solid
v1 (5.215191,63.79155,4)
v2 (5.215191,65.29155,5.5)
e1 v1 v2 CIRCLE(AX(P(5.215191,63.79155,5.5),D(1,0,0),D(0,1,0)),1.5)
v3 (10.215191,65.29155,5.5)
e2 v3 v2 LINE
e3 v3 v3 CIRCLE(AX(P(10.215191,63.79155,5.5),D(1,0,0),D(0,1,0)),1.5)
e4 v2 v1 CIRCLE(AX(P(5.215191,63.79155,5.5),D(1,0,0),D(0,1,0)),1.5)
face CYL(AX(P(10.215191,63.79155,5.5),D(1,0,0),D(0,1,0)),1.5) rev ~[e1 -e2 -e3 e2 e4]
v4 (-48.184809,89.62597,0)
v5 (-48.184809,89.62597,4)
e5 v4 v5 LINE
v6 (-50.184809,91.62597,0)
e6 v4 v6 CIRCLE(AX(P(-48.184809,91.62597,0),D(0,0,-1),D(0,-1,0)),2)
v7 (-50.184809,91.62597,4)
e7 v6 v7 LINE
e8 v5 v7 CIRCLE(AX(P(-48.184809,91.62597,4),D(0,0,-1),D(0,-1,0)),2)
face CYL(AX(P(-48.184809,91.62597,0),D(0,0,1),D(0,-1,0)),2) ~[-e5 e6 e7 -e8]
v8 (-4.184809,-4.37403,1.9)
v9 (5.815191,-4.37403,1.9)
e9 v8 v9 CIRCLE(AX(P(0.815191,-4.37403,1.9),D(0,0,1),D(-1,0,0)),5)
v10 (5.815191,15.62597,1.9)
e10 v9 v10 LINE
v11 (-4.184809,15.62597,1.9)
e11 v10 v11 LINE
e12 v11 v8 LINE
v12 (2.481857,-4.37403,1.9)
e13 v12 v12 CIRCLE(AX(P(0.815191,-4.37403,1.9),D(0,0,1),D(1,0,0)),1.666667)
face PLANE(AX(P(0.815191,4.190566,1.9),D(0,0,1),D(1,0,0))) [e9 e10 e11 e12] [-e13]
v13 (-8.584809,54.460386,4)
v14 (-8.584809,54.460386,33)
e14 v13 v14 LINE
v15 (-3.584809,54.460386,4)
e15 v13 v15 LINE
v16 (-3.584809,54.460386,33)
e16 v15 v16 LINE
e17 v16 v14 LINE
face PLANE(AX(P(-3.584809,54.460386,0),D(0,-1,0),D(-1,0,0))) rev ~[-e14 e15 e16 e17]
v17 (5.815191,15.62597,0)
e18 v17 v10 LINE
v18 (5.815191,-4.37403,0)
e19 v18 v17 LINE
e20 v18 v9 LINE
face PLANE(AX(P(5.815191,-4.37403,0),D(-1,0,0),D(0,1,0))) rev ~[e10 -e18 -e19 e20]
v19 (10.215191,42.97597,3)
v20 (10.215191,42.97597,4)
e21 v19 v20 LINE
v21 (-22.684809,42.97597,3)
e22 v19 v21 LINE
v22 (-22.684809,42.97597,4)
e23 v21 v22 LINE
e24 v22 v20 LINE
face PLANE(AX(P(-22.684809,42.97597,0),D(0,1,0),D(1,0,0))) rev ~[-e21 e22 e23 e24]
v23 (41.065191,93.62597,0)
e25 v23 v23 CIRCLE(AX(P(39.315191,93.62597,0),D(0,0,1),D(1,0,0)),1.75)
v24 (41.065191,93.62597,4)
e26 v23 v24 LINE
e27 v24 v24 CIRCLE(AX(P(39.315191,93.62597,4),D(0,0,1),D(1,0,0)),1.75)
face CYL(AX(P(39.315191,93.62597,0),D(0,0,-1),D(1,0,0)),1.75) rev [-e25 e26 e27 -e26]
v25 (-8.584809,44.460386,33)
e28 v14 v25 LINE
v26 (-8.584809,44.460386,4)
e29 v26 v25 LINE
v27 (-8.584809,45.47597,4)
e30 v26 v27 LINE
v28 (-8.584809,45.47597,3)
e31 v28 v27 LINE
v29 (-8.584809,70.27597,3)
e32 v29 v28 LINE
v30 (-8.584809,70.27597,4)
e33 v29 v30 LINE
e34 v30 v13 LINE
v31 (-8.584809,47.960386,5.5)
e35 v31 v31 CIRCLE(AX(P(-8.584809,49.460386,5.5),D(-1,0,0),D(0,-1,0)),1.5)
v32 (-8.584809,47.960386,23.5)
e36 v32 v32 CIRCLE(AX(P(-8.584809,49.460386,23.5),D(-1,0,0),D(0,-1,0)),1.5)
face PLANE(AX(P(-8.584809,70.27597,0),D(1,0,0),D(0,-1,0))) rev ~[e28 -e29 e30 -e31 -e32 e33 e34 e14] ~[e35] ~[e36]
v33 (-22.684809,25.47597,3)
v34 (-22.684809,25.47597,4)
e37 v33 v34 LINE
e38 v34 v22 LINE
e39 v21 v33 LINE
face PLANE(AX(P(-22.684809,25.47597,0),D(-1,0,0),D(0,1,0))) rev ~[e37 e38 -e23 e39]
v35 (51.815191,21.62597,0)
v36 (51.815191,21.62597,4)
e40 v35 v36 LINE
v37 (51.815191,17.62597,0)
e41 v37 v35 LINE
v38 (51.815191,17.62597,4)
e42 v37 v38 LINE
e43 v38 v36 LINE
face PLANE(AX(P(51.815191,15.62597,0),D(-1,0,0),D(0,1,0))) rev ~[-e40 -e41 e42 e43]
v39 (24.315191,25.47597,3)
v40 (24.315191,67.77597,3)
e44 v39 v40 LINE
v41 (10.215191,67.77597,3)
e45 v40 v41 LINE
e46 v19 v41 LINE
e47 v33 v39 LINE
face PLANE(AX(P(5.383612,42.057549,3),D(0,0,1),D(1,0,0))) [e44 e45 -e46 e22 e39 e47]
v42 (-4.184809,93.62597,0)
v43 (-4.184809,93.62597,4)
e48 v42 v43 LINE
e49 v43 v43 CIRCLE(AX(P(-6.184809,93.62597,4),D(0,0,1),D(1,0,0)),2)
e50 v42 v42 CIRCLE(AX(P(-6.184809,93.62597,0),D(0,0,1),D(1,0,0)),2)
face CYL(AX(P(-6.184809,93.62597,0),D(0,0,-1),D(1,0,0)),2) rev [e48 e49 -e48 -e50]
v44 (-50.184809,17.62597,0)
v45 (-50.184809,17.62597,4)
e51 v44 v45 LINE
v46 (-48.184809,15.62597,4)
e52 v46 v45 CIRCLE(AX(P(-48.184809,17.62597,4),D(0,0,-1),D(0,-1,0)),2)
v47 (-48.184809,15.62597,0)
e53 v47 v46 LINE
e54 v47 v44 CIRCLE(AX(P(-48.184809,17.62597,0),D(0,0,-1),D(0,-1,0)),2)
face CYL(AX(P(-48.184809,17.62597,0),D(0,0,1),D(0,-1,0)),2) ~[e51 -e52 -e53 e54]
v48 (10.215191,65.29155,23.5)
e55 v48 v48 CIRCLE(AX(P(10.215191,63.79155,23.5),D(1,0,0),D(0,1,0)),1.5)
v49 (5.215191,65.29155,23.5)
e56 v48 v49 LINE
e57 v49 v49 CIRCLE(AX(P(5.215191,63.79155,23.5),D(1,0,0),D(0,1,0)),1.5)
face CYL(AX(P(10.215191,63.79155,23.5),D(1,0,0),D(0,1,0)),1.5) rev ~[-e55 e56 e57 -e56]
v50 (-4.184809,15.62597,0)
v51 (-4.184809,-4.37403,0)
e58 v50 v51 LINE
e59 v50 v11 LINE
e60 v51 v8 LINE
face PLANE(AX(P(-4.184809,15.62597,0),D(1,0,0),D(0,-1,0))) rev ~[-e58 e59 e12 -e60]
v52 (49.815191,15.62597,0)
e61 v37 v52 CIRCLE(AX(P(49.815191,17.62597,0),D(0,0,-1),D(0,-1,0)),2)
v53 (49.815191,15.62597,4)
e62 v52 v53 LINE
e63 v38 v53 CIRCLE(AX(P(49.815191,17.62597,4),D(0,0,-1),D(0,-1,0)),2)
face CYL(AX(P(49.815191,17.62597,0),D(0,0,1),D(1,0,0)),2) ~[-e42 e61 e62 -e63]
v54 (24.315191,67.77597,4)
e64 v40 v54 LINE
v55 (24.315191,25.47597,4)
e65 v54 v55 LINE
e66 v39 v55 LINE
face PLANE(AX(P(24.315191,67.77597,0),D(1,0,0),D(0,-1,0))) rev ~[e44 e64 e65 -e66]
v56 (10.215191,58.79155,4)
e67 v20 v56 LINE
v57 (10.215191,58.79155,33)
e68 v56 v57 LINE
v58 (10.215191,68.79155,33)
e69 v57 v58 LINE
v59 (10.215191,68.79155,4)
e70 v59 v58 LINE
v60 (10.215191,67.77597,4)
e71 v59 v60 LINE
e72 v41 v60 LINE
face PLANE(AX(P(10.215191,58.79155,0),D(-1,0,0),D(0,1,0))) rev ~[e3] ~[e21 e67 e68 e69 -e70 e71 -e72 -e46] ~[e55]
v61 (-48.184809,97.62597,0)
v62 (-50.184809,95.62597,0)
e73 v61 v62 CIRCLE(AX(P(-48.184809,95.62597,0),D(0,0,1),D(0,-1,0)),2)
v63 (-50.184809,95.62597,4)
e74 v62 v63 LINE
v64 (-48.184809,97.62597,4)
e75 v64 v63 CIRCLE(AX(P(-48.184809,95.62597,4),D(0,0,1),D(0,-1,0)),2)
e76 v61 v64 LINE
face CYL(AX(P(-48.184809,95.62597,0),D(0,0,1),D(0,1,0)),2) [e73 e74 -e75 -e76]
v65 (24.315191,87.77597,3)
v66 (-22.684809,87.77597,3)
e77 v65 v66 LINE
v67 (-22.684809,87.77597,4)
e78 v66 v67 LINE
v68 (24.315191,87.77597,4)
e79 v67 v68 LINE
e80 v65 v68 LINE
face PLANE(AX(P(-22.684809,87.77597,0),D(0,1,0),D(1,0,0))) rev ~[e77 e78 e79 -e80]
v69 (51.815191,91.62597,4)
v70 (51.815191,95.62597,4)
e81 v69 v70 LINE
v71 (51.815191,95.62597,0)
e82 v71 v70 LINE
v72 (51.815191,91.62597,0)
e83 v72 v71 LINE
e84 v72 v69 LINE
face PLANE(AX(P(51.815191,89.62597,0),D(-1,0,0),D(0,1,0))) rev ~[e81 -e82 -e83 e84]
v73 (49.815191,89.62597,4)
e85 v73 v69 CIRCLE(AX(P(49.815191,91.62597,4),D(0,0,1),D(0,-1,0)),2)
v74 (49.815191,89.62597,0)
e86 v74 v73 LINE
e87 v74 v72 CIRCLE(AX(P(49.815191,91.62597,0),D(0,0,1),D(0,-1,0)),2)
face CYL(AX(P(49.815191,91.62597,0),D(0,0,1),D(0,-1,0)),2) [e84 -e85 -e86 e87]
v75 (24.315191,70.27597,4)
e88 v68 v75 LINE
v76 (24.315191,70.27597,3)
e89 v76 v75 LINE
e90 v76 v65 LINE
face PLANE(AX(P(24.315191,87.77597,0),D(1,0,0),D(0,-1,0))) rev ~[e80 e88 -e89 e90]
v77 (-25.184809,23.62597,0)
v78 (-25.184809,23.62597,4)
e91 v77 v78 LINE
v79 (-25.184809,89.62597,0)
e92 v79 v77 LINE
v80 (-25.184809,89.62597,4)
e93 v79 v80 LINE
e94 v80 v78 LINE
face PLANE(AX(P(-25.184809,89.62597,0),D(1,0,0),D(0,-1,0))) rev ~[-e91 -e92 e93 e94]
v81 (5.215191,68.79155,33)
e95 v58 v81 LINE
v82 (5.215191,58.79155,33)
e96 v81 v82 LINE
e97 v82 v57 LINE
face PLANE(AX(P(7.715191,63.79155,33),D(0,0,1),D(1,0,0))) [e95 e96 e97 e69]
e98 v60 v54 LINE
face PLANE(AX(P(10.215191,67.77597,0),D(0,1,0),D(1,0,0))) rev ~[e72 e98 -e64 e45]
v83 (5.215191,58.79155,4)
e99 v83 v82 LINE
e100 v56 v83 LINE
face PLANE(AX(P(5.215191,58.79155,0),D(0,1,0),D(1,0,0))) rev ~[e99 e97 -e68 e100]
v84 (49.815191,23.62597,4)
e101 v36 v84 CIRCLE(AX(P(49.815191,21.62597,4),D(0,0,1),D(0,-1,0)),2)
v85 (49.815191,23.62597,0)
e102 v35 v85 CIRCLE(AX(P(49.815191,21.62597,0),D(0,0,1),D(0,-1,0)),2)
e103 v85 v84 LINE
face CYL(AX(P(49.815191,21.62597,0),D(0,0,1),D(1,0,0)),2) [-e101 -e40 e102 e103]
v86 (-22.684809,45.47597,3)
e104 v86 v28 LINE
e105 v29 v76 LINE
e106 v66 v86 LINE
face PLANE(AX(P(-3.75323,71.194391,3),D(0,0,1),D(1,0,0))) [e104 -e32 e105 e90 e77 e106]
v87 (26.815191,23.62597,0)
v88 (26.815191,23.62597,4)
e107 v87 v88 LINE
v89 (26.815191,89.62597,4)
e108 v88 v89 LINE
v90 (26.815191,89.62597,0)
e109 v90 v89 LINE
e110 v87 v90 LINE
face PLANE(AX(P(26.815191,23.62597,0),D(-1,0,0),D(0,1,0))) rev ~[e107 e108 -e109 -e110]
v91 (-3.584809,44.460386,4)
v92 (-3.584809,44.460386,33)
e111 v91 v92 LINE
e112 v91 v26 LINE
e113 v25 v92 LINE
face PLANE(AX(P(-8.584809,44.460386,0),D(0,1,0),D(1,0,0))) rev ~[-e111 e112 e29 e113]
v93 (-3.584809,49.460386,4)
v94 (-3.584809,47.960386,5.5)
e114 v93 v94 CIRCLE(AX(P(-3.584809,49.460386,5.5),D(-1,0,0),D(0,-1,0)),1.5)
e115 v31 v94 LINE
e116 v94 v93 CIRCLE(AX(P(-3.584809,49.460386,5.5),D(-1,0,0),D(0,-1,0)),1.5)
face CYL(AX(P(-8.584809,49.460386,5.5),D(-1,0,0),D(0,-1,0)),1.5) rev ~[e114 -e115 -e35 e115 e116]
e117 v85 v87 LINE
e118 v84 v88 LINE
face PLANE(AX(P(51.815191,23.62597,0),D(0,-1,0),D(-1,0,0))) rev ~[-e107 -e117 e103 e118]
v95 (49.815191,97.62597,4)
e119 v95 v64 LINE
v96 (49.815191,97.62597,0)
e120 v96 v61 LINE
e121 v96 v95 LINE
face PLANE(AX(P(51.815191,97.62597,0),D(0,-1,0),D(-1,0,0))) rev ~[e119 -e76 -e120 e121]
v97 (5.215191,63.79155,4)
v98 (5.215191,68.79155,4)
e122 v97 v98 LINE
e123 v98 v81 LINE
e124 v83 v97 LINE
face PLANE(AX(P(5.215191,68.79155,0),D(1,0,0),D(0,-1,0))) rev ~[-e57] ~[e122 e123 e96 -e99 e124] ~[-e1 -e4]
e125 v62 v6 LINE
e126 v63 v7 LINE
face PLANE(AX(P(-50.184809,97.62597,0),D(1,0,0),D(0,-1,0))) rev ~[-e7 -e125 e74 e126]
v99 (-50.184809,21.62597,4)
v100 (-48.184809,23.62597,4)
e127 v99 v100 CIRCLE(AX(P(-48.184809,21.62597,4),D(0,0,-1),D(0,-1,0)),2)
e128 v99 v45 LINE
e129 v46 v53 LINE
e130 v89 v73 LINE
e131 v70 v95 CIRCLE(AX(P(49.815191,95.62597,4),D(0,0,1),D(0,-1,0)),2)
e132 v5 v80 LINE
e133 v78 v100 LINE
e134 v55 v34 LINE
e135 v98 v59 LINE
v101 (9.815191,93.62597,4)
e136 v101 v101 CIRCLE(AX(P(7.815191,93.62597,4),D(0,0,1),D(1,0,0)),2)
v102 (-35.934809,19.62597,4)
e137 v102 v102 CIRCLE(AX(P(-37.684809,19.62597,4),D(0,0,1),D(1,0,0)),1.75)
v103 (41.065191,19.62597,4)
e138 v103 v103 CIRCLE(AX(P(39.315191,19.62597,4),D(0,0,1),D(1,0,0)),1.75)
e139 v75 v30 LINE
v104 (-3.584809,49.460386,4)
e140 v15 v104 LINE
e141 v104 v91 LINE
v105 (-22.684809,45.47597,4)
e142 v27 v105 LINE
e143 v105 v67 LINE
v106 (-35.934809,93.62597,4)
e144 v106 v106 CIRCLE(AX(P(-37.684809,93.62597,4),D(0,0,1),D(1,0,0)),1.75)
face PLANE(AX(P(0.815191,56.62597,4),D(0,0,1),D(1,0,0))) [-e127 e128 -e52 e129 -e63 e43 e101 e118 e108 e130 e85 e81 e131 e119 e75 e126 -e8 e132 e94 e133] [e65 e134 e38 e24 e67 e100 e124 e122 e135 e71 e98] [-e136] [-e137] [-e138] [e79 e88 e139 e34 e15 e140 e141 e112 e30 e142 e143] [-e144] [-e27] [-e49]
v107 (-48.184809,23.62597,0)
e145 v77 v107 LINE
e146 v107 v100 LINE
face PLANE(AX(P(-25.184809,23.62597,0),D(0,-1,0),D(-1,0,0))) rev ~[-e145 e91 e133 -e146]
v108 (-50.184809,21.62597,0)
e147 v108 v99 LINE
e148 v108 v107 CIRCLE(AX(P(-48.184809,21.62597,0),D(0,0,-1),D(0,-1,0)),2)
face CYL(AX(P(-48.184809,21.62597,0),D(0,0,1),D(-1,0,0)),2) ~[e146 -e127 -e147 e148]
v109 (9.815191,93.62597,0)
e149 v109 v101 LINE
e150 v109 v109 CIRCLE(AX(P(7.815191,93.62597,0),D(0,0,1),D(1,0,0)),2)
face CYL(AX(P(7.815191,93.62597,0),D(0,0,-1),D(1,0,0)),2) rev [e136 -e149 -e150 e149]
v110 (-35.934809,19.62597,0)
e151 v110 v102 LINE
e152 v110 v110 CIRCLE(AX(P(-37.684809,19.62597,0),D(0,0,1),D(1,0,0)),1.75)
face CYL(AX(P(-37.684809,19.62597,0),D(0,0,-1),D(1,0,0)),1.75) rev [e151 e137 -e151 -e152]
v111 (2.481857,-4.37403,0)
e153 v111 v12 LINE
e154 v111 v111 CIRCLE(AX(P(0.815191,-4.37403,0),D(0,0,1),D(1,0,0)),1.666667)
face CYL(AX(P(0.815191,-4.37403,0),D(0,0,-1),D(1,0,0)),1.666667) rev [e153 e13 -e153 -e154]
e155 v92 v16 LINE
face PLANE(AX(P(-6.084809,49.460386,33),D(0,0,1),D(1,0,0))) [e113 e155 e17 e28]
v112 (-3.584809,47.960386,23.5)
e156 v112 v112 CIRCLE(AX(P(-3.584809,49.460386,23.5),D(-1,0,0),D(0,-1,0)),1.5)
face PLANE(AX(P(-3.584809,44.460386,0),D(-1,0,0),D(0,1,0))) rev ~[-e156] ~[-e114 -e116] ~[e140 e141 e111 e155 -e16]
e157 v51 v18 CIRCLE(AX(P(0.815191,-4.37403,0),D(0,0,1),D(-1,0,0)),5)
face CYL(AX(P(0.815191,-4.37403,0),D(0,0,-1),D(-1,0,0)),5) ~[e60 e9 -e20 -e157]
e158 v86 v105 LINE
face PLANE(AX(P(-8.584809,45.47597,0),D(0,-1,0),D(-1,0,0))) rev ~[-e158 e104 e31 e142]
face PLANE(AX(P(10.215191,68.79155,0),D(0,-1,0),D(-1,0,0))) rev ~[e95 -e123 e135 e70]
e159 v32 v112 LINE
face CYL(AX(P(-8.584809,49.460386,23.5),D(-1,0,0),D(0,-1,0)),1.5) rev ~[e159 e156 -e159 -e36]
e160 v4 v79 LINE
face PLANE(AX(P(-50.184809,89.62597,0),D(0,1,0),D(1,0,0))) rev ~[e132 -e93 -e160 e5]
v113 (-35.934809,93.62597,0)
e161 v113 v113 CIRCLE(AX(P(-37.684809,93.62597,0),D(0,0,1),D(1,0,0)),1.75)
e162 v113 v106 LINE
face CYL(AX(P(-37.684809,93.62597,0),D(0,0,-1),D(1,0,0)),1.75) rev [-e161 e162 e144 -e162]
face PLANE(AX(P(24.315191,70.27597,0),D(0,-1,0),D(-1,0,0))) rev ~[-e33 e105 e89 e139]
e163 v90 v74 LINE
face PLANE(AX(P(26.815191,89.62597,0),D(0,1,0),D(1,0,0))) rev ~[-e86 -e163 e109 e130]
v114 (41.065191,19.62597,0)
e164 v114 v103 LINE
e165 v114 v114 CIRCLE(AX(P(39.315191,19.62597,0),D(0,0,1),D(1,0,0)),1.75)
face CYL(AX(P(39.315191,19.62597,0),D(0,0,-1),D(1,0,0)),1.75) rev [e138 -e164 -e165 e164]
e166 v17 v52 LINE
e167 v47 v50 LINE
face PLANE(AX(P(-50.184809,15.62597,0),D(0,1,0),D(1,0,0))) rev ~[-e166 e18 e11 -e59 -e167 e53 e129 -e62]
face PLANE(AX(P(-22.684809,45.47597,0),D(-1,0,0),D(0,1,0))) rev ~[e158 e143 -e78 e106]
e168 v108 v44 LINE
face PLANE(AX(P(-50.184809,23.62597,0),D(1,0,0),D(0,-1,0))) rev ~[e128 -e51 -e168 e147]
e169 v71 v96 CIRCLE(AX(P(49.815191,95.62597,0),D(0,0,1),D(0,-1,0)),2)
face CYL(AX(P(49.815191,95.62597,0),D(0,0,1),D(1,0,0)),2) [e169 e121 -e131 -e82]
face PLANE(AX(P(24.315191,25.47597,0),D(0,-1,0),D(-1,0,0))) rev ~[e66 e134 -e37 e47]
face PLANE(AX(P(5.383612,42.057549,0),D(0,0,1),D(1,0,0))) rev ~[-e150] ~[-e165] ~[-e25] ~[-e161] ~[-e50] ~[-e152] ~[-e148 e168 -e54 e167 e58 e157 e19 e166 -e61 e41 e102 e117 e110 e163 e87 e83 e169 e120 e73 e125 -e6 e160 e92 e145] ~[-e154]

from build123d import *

# Parameters (mm, degrees)
F0_R      = 1.75
F0_R_2    = 2
F1_DEPTH  = 4
F2_DEPTH  = 3
F0_R_3    = 1.6666666667
F3_DEPTH  = 1.9
F4_DEPTH  = 33
F5_R      = 2
F9_R      = 1.5
F10_DEPTH = 25
F8_R      = 1.5
F11_DEPTH = 25


with BuildPart() as f1:
    # F0 (on Top) → F1 (new body)
    with BuildSketch(Plane.XY):
        Polygon((26.8151908007, 97.6259698881), (-25.1848091993, 97.6259698881), (-50.1848091993, 97.6259698881), (-50.1848091993, 89.6259698881), (-25.1848091993, 89.6259698881), (-25.1848091993, 23.6259698881), (-50.1848091993, 23.6259698881), (-50.1848091993, 15.6259698881), (-25.1848091993, 15.6259698881), (-4.1848091993, 15.6259698881), (5.8151908007, 15.6259698881), (26.8151908007, 15.6259698881), (51.8151908007, 15.6259698881), (51.8151908007, 23.6259698881), (26.8151908007, 23.6259698881), (26.8151908007, 89.6259698881), (51.8151908007, 89.6259698881), (51.8151908007, 97.6259698881), align=None)
        with Locations((-37.6848091993, 19.6259698881)):
            Circle(F0_R, mode=Mode.SUBTRACT)
        with Locations((39.3151908007, 19.6259698881)):
            Circle(F0_R, mode=Mode.SUBTRACT)
        with Locations((-37.6848091993, 93.6259698881)):
            Circle(F0_R, mode=Mode.SUBTRACT)
        with Locations((-6.1848091993, 93.6259698881)):
            Circle(F0_R_2, mode=Mode.SUBTRACT)
        Polygon((10.2151908007, 67.7759698881), (24.3151908007, 67.7759698881), (24.3151908007, 25.4759698881), (-22.6848091993, 25.4759698881), (-22.6848091993, 42.9759698881), (10.2151908007, 42.9759698881), (10.2151908007, 58.7915498881), (5.2151908007, 58.7915498881), (5.2151908007, 68.7915498881), (10.2151908007, 68.7915498881), align=None, mode=Mode.SUBTRACT)
        Polygon((24.3151908007, 70.2759698881), (10.2151908007, 70.2759698881), (7.2151908007, 70.2759698881), (-8.5848091993, 70.2759698881), (-8.5848091993, 54.4603863134), (-3.5848091993, 54.4603863134), (-3.5848091993, 44.4603863134), (-8.5848091993, 44.4603863134), (-8.5848091993, 45.4759698881), (-22.6848091993, 45.4759698881), (-22.6848091993, 87.7759698881), (24.3151908007, 87.7759698881), align=None, mode=Mode.SUBTRACT)
        with Locations((7.8151908007, 93.6259698881)):
            Circle(F0_R_2, mode=Mode.SUBTRACT)
        with Locations((39.3151908007, 93.6259698881)):
            Circle(F0_R, mode=Mode.SUBTRACT)
    extrude(amount=F1_DEPTH)

    # F0 (on Top) → F2 (join)
    with BuildSketch(Plane.XY):
        Polygon((24.3151908007, 25.4759698881), (24.3151908007, 67.7759698881), (10.2151908007, 67.7759698881), (10.2151908007, 61.4111642682), (10.2151908007, 58.7915498881), (10.2151908007, 42.9759698881), (-22.6848091993, 42.9759698881), (-22.6848091993, 25.4759698881), align=None)
        Polygon((7.2151908007, 70.2759698881), (10.2151908007, 70.2759698881), (24.3151908007, 70.2759698881), (24.3151908007, 87.7759698881), (-22.6848091993, 87.7759698881), (-22.6848091993, 45.4759698881), (-8.5848091993, 45.4759698881), (-8.5848091993, 54.4603863134), (-8.5848091993, 70.2759698881), align=None)
    extrude(amount=F2_DEPTH)

    # F0 (on Top) → F3 (join)
    with BuildSketch(Plane.XY):
        with BuildLine():
            Line((5.8151908007, 15.6259698881), (-4.1848091993, 15.6259698881))
            Line((-4.1848091993, 15.6259698881), (-4.1848091993, -4.3740301119))
            ThreePointArc((-4.1848091993, -4.3740301119), (0.8151908007, -9.3740301119), (5.8151908007, -4.3740301119))
            Line((5.8151908007, -4.3740301119), (5.8151908007, 15.6259698881))
        make_face()
        with Locations((0.8151908007, -4.3740301119)):
            Circle(F0_R_3, mode=Mode.SUBTRACT)
    extrude(amount=F3_DEPTH)

    # F0 (on Top) → F4 (join)
    with BuildSketch(Plane.XY):
        Polygon((10.2151908007, 61.4111642682), (10.2151908007, 67.7759698881), (10.2151908007, 68.7915498881), (5.2151908007, 68.7915498881), (5.2151908007, 58.7915498881), (10.2151908007, 58.7915498881), align=None)
        Polygon((-3.5848091993, 54.4603863134), (-8.5848091993, 54.4603863134), (-8.5848091993, 45.4759698881), (-8.5848091993, 44.4603863134), (-3.5848091993, 44.4603863134), align=None)
    extrude(amount=F4_DEPTH)

    # F5
    f5_edges = [f1.edges().sort_by_distance(p)[0] for p in [
        (51.815191, 97.62597, 2),
        (-50.184809, 97.62597, 2),
        (-50.184809, 89.62597, 2),
        (-50.184809, 15.62597, 2),
        (51.815191, 23.62597, 2),
        (51.815191, 15.62597, 2),
        (51.815191, 89.62597, 2),
        (-50.184809, 23.62597, 2),
    ]]
    fillet(f5_edges, radius=F5_R)

    # F9 (on offset) → F10 (cut)
    with BuildSketch(Plane(origin=(-8.5848091993, 0, 0), x_dir=(0, -1, 0), z_dir=(-1, 0, 0))):
        with Locations((-49.4603863134, 23.5)):
            Circle(F9_R)
        with Locations((-49.4603863134, 5.5)):
            Circle(F9_R)
    extrude(amount=-F10_DEPTH, mode=Mode.SUBTRACT)

    # F8 (on offset) → F11 (cut)
    with BuildSketch(Plane.YZ.offset(10.2151908007)):
        with Locations((63.7915498881, 5.5)):
            Circle(F8_R)
        with Locations((63.7915498881, 23.5)):
            Circle(F8_R)
    extrude(amount=-F11_DEPTH, mode=Mode.SUBTRACT)


solid = f1.part
